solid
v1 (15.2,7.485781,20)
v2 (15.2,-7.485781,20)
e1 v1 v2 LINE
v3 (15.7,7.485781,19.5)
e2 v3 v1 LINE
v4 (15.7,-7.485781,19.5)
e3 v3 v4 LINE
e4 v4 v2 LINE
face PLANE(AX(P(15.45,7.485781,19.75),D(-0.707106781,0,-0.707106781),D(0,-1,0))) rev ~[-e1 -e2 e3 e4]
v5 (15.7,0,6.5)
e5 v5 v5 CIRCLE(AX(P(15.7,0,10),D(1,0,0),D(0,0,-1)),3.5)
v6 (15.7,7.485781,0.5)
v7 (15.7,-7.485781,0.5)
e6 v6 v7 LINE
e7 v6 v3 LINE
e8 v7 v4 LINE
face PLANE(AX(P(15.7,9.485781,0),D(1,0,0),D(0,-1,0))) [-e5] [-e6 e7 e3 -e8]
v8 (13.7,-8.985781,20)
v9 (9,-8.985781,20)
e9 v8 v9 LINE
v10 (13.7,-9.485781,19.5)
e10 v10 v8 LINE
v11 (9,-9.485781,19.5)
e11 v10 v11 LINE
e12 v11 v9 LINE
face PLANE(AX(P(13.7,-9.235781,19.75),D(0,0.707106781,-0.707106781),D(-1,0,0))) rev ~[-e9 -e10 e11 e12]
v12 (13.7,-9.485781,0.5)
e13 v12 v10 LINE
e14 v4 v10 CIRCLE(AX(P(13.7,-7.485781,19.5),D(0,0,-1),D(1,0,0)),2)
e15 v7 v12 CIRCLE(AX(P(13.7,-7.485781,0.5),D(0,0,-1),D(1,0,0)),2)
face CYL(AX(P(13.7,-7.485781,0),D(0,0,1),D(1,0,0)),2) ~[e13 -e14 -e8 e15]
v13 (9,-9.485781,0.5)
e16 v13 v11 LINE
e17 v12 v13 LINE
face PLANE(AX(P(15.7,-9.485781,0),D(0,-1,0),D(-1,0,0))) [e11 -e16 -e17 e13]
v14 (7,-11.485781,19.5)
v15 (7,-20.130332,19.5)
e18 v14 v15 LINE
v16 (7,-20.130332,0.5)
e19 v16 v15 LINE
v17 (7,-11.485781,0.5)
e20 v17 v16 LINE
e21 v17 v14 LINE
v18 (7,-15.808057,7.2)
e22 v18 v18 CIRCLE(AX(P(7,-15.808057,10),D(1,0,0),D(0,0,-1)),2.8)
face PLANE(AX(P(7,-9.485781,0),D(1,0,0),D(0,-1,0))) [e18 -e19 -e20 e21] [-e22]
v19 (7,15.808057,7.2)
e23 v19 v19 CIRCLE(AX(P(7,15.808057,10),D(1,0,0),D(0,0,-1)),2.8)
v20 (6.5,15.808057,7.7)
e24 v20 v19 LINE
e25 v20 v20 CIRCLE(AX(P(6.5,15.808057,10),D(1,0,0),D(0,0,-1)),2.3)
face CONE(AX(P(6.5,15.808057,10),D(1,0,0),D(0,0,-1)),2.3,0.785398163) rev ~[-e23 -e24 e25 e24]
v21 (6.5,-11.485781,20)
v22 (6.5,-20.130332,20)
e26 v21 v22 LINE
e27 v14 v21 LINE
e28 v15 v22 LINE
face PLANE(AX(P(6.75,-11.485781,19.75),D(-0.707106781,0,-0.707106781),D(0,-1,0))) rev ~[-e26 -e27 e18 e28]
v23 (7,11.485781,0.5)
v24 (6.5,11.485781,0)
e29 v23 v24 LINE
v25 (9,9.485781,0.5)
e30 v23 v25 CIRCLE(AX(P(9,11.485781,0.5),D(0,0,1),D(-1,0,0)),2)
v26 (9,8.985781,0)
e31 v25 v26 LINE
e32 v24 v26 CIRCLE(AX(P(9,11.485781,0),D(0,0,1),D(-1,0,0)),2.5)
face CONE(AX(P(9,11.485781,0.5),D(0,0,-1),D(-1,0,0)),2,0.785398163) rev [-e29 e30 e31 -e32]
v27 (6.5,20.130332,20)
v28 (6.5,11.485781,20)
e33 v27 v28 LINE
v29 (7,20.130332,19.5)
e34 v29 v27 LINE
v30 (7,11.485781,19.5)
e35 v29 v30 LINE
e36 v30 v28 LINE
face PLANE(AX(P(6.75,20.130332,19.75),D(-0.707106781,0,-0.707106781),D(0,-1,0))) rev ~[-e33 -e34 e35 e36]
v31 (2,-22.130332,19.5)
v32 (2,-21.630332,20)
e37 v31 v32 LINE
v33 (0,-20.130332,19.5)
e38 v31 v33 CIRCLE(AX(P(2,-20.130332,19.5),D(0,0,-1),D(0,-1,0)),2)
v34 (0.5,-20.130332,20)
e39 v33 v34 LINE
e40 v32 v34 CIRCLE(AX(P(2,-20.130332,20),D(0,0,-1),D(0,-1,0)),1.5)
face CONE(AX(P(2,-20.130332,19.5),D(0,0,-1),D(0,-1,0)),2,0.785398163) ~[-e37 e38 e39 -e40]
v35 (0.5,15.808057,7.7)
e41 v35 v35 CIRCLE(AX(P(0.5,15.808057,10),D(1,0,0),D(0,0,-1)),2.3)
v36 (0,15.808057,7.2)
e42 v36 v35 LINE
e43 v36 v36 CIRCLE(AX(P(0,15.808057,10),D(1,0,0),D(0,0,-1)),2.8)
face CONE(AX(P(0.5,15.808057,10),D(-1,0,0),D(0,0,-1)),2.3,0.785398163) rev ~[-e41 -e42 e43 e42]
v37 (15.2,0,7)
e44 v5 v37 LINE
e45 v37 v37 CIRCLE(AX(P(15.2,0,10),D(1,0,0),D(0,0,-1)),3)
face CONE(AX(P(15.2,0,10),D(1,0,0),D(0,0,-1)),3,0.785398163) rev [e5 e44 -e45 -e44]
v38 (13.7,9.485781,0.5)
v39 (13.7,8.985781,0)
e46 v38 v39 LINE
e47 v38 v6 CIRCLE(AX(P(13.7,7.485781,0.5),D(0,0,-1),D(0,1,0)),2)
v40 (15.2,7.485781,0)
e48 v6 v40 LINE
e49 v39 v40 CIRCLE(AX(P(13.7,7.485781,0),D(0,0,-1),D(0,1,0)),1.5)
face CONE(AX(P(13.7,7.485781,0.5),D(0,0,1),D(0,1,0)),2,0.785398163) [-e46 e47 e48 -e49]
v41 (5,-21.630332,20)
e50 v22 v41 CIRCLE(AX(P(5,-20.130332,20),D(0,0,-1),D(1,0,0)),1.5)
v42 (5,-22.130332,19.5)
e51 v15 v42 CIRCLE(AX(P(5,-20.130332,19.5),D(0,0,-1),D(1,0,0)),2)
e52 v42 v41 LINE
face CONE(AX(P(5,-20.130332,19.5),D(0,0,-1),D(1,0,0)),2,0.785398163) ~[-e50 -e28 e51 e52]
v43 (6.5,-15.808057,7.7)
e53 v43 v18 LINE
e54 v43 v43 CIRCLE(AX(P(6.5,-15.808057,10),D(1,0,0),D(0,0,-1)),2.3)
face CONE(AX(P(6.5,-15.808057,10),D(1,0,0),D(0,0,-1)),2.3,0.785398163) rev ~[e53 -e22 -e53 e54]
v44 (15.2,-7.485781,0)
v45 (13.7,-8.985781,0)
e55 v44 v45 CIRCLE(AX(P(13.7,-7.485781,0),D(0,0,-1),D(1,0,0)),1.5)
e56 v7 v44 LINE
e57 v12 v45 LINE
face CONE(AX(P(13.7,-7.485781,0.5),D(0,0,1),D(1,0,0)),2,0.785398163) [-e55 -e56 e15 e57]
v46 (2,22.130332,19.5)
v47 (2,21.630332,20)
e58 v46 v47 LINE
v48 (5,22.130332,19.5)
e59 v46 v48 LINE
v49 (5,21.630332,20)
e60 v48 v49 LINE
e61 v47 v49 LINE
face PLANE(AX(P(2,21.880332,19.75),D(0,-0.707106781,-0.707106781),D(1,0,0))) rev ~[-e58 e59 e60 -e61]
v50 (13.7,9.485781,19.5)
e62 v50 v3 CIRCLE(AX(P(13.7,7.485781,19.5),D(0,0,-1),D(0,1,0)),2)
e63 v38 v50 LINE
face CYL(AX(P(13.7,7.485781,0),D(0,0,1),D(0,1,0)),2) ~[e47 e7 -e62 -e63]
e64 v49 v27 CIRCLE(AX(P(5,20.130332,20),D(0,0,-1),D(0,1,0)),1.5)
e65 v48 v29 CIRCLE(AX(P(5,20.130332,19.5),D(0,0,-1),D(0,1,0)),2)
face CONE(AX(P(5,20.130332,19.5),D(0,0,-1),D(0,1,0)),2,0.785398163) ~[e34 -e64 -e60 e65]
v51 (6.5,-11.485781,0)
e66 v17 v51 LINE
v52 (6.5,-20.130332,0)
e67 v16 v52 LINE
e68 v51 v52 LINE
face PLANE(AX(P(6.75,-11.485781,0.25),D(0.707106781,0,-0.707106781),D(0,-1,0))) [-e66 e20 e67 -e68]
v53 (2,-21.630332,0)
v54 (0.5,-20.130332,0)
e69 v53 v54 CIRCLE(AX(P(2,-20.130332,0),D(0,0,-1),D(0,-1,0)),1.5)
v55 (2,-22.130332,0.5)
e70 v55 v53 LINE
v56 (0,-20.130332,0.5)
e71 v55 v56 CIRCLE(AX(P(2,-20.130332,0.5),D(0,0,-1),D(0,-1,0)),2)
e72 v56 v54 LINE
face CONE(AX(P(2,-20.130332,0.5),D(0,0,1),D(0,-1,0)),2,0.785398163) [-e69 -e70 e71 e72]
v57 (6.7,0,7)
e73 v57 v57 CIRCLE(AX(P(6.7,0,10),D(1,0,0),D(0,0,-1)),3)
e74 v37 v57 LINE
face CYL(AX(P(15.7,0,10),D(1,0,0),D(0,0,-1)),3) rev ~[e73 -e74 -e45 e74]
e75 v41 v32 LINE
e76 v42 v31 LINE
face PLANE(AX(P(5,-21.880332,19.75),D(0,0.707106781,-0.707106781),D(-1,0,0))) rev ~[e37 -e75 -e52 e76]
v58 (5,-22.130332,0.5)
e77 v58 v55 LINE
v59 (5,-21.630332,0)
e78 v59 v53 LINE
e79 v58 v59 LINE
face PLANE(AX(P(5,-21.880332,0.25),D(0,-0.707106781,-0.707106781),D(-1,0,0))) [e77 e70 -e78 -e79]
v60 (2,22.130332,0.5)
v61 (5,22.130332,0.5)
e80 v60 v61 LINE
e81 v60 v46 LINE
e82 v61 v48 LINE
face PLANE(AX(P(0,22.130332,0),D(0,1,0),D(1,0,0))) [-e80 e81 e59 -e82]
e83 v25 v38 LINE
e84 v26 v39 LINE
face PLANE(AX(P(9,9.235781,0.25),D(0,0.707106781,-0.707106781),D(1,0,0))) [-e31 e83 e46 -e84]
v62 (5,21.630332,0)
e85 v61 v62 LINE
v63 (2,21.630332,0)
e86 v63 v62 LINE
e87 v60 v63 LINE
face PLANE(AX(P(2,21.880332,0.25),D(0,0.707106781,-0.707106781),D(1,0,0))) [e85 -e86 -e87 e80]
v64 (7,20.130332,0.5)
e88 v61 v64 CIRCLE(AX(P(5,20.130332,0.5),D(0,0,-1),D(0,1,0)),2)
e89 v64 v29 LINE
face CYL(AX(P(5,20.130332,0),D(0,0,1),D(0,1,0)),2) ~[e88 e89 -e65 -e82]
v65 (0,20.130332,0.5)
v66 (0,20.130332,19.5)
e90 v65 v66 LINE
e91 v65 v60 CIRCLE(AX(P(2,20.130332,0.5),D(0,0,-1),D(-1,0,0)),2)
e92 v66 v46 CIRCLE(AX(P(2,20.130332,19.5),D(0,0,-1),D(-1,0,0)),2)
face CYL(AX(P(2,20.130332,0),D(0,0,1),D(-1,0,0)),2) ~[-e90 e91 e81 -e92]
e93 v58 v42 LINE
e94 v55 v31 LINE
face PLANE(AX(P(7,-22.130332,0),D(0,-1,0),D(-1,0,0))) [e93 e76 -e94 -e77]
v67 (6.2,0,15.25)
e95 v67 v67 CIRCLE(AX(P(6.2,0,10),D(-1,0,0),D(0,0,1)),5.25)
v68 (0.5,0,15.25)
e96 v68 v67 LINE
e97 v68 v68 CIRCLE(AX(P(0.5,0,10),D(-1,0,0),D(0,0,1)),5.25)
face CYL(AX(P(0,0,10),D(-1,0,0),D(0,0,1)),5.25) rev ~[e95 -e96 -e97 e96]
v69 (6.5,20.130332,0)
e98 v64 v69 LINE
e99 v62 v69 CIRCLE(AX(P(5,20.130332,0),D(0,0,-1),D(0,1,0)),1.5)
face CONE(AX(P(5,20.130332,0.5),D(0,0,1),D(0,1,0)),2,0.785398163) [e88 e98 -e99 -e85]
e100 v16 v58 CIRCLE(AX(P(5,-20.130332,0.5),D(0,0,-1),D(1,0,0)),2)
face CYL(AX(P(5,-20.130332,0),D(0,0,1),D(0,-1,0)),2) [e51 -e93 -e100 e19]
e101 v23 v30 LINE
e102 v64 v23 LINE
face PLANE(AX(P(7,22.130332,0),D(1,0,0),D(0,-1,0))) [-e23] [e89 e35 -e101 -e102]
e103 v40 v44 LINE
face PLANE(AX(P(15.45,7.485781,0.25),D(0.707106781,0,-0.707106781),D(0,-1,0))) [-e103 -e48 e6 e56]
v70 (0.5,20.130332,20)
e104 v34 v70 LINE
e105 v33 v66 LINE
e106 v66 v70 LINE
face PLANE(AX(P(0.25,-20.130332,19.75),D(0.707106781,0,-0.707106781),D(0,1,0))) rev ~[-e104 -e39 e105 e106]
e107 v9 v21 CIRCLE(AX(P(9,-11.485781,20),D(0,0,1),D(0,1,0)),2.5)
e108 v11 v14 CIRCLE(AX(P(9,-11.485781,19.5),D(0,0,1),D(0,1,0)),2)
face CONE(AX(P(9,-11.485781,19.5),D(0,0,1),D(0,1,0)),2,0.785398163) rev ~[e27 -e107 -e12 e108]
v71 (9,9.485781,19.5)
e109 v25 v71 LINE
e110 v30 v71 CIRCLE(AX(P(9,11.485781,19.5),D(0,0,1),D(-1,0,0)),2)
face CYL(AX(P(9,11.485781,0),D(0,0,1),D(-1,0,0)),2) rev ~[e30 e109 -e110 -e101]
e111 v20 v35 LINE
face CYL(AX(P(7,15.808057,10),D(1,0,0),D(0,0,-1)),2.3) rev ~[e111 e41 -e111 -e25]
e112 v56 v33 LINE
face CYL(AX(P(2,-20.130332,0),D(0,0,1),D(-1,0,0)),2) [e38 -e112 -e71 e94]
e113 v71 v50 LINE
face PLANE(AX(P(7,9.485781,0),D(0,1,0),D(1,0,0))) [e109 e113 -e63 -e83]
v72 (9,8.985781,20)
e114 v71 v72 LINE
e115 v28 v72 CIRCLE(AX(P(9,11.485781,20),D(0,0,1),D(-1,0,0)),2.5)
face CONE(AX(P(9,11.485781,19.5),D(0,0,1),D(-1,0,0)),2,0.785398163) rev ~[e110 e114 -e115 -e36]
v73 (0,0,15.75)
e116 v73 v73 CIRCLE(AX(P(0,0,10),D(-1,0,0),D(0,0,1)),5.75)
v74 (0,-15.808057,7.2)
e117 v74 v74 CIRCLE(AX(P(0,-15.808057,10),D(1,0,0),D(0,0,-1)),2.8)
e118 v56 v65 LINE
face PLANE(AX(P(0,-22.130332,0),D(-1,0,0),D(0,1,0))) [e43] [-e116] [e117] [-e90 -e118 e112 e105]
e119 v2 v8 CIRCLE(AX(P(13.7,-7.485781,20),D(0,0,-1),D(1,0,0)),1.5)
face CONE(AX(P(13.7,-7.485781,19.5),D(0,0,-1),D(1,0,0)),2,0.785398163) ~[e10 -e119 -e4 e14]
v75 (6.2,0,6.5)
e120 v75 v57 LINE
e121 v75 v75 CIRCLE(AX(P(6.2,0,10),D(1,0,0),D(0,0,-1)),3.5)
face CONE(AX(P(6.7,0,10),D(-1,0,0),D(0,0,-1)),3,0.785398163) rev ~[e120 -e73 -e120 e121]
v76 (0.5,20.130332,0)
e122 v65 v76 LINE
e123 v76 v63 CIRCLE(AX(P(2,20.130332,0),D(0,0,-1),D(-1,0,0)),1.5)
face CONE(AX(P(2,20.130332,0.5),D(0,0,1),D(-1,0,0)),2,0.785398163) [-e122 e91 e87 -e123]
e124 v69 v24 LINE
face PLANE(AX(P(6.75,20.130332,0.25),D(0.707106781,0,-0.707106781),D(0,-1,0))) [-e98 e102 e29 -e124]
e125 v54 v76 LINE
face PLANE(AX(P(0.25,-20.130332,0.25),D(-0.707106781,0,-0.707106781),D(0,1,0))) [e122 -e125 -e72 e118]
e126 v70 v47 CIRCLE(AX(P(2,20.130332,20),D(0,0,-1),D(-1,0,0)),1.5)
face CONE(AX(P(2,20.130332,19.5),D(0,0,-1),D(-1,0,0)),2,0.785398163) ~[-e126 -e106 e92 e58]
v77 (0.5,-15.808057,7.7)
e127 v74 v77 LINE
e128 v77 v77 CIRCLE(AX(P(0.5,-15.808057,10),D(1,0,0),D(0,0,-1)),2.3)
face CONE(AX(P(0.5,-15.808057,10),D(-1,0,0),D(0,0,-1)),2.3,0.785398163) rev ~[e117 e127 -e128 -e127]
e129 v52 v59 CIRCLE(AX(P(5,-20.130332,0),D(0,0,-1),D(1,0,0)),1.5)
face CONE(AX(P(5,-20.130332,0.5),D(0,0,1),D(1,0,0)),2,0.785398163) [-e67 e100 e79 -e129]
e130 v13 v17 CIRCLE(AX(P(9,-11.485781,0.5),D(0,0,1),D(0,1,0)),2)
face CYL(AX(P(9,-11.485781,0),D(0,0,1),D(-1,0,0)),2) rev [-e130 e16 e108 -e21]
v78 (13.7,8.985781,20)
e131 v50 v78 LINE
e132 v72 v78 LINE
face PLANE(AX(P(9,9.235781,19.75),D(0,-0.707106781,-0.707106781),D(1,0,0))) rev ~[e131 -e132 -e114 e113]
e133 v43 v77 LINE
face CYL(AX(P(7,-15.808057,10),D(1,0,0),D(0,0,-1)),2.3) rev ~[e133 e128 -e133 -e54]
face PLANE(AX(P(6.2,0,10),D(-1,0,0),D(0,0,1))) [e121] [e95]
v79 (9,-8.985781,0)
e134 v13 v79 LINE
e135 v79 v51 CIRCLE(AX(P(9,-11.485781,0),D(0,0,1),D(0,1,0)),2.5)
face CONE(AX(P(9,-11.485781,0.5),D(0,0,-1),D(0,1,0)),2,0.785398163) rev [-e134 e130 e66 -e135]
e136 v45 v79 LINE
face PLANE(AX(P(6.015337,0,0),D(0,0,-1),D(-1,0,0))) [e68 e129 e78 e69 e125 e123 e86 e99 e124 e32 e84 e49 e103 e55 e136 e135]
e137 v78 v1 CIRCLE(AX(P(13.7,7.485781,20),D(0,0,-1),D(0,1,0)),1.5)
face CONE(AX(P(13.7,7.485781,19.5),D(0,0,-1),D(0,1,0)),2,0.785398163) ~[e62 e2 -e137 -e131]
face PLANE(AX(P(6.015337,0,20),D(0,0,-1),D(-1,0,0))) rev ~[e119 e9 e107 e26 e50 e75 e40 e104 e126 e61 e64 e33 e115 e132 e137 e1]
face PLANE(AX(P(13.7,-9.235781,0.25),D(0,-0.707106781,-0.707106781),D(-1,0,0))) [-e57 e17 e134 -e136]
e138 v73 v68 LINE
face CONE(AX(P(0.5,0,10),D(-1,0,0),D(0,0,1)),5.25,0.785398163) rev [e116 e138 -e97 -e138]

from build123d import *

# Parameters (mm, degrees)
AUFSATZ_LINEAR_AUSTRAGEN1_DEPTH = 20
SKIZZE2_R                       = 3
SCHNITT_LINEAR_AUSTRAGEN1_DEPTH = 20
SKIZZE3_R                       = 5.25
SCHNITT_LINEAR_AUSTRAGEN2_DEPTH = 6.2
SKIZZE4_R                       = 2.3
SCHNITT_LINEAR_AUSTRAGEN3_DEPTH = 10
VERRUNDUNG1_R                   = 2
FASE1_SIZE                      = 0.5


with BuildPart() as part:
    # Skizze1 → Aufsatz-Linear austragen1 (new body)
    with BuildSketch(Plane.XY):
        Polygon((0, -22.130332374), (0, 22.130332374), (7, 22.130332374), (7, 9.485781443), (15.7, 9.485781443), (15.7, -9.485781443), (7, -9.485781443), (7, -22.130332374), align=None)
    extrude(amount=AUFSATZ_LINEAR_AUSTRAGEN1_DEPTH)

    # Skizze2 → Schnitt-Linear austragen1 (cut)
    with BuildSketch(Plane(origin=(15.7, 0, 0), x_dir=(0, 0, -1), z_dir=(1, 0, 0))):
        with Locations((-10, 0)):
            Circle(SKIZZE2_R)
    extrude(amount=-SCHNITT_LINEAR_AUSTRAGEN1_DEPTH, mode=Mode.SUBTRACT)

    # Skizze3 → Schnitt-Linear austragen2 (cut)
    with BuildSketch(Plane.ZY):
        with Locations((10, 0)):
            Circle(SKIZZE3_R)
    extrude(amount=-SCHNITT_LINEAR_AUSTRAGEN2_DEPTH, mode=Mode.SUBTRACT)

    # Skizze4 → Schnitt-Linear austragen3 (cut)
    with BuildSketch(Plane(origin=(7, 0, 0), x_dir=(0, 0, -1), z_dir=(1, 0, 0))):
        with Locations((-10, -15.808056909)):
            Circle(SKIZZE4_R)
        with Locations((-10, 15.808056909)):
            Circle(SKIZZE4_R)
    extrude(amount=-SCHNITT_LINEAR_AUSTRAGEN3_DEPTH, mode=Mode.SUBTRACT)

    # Verrundung1
    verrundung1_edges = [part.edges().sort_by_distance(p)[0] for p in [
        (7, -9.485781443, 10),
        (7, -22.130332374, 10),
        (0, -22.130332374, 10),
        (0, 22.130332374, 10),
        (7, 22.130332374, 10),
        (7, 9.485781443, 10),
        (15.7, 9.485781443, 10),
        (15.7, -9.485781443, 10),
    ]]
    fillet(verrundung1_edges, radius=VERRUNDUNG1_R)

    # Fase1
    fase1_edges = [part.edges().sort_by_distance(p)[0] for p in [
        (15.7, 0, 13),
        (0, 0, 4.75),
        (6.2, 0, 13),
        (0, -15.808056909, 12.3),
        (7, -15.808056909, 12.3),
        (0, 15.808056909, 12.3),
        (7, 15.808056909, 12.3),
        (0, 0, 0),
        (0, 0, 20),
        (11.35, -9.485781443, 0),
        (7, -15.808056909, 0),
        (3.5, -22.130332374, 0),
        (3.5, 22.130332374, 0),
        (7, 15.808056909, 0),
        (11.35, 9.485781443, 0),
        (15.7, 0, 0),
        (0.585786438, -21.544545937, 0),
        (6.414213562, -21.544545937, 0),
        (15.114213562, -8.899995006, 0),
        (15.114213562, 8.899995006, 0),
        (6.414213562, 21.544545937, 0),
        (0.585786438, 21.544545937, 0),
        (3.5, 22.130332374, 20),
        (11.35, -9.485781443, 20),
        (15.7, 0, 20),
        (11.35, 9.485781443, 20),
        (7, 15.808056909, 20),
        (3.5, -22.130332374, 20),
        (7, -15.808056909, 20),
        (0.585786438, -21.544545937, 20),
        (6.414213562, -21.544545937, 20),
        (15.114213562, -8.899995006, 20),
        (15.114213562, 8.899995006, 20),
        (6.414213562, 21.544545937, 20),
        (0.585786438, 21.544545937, 20),
        (7.585786438, -10.071567881, 0),
        (7.585786438, -10.071567881, 20),
        (7.585786438, 10.071567881, 0),
        (7.585786438, 10.071567881, 20),
    ]]
    chamfer(fase1_edges, length=FASE1_SIZE)


solid = part.part
